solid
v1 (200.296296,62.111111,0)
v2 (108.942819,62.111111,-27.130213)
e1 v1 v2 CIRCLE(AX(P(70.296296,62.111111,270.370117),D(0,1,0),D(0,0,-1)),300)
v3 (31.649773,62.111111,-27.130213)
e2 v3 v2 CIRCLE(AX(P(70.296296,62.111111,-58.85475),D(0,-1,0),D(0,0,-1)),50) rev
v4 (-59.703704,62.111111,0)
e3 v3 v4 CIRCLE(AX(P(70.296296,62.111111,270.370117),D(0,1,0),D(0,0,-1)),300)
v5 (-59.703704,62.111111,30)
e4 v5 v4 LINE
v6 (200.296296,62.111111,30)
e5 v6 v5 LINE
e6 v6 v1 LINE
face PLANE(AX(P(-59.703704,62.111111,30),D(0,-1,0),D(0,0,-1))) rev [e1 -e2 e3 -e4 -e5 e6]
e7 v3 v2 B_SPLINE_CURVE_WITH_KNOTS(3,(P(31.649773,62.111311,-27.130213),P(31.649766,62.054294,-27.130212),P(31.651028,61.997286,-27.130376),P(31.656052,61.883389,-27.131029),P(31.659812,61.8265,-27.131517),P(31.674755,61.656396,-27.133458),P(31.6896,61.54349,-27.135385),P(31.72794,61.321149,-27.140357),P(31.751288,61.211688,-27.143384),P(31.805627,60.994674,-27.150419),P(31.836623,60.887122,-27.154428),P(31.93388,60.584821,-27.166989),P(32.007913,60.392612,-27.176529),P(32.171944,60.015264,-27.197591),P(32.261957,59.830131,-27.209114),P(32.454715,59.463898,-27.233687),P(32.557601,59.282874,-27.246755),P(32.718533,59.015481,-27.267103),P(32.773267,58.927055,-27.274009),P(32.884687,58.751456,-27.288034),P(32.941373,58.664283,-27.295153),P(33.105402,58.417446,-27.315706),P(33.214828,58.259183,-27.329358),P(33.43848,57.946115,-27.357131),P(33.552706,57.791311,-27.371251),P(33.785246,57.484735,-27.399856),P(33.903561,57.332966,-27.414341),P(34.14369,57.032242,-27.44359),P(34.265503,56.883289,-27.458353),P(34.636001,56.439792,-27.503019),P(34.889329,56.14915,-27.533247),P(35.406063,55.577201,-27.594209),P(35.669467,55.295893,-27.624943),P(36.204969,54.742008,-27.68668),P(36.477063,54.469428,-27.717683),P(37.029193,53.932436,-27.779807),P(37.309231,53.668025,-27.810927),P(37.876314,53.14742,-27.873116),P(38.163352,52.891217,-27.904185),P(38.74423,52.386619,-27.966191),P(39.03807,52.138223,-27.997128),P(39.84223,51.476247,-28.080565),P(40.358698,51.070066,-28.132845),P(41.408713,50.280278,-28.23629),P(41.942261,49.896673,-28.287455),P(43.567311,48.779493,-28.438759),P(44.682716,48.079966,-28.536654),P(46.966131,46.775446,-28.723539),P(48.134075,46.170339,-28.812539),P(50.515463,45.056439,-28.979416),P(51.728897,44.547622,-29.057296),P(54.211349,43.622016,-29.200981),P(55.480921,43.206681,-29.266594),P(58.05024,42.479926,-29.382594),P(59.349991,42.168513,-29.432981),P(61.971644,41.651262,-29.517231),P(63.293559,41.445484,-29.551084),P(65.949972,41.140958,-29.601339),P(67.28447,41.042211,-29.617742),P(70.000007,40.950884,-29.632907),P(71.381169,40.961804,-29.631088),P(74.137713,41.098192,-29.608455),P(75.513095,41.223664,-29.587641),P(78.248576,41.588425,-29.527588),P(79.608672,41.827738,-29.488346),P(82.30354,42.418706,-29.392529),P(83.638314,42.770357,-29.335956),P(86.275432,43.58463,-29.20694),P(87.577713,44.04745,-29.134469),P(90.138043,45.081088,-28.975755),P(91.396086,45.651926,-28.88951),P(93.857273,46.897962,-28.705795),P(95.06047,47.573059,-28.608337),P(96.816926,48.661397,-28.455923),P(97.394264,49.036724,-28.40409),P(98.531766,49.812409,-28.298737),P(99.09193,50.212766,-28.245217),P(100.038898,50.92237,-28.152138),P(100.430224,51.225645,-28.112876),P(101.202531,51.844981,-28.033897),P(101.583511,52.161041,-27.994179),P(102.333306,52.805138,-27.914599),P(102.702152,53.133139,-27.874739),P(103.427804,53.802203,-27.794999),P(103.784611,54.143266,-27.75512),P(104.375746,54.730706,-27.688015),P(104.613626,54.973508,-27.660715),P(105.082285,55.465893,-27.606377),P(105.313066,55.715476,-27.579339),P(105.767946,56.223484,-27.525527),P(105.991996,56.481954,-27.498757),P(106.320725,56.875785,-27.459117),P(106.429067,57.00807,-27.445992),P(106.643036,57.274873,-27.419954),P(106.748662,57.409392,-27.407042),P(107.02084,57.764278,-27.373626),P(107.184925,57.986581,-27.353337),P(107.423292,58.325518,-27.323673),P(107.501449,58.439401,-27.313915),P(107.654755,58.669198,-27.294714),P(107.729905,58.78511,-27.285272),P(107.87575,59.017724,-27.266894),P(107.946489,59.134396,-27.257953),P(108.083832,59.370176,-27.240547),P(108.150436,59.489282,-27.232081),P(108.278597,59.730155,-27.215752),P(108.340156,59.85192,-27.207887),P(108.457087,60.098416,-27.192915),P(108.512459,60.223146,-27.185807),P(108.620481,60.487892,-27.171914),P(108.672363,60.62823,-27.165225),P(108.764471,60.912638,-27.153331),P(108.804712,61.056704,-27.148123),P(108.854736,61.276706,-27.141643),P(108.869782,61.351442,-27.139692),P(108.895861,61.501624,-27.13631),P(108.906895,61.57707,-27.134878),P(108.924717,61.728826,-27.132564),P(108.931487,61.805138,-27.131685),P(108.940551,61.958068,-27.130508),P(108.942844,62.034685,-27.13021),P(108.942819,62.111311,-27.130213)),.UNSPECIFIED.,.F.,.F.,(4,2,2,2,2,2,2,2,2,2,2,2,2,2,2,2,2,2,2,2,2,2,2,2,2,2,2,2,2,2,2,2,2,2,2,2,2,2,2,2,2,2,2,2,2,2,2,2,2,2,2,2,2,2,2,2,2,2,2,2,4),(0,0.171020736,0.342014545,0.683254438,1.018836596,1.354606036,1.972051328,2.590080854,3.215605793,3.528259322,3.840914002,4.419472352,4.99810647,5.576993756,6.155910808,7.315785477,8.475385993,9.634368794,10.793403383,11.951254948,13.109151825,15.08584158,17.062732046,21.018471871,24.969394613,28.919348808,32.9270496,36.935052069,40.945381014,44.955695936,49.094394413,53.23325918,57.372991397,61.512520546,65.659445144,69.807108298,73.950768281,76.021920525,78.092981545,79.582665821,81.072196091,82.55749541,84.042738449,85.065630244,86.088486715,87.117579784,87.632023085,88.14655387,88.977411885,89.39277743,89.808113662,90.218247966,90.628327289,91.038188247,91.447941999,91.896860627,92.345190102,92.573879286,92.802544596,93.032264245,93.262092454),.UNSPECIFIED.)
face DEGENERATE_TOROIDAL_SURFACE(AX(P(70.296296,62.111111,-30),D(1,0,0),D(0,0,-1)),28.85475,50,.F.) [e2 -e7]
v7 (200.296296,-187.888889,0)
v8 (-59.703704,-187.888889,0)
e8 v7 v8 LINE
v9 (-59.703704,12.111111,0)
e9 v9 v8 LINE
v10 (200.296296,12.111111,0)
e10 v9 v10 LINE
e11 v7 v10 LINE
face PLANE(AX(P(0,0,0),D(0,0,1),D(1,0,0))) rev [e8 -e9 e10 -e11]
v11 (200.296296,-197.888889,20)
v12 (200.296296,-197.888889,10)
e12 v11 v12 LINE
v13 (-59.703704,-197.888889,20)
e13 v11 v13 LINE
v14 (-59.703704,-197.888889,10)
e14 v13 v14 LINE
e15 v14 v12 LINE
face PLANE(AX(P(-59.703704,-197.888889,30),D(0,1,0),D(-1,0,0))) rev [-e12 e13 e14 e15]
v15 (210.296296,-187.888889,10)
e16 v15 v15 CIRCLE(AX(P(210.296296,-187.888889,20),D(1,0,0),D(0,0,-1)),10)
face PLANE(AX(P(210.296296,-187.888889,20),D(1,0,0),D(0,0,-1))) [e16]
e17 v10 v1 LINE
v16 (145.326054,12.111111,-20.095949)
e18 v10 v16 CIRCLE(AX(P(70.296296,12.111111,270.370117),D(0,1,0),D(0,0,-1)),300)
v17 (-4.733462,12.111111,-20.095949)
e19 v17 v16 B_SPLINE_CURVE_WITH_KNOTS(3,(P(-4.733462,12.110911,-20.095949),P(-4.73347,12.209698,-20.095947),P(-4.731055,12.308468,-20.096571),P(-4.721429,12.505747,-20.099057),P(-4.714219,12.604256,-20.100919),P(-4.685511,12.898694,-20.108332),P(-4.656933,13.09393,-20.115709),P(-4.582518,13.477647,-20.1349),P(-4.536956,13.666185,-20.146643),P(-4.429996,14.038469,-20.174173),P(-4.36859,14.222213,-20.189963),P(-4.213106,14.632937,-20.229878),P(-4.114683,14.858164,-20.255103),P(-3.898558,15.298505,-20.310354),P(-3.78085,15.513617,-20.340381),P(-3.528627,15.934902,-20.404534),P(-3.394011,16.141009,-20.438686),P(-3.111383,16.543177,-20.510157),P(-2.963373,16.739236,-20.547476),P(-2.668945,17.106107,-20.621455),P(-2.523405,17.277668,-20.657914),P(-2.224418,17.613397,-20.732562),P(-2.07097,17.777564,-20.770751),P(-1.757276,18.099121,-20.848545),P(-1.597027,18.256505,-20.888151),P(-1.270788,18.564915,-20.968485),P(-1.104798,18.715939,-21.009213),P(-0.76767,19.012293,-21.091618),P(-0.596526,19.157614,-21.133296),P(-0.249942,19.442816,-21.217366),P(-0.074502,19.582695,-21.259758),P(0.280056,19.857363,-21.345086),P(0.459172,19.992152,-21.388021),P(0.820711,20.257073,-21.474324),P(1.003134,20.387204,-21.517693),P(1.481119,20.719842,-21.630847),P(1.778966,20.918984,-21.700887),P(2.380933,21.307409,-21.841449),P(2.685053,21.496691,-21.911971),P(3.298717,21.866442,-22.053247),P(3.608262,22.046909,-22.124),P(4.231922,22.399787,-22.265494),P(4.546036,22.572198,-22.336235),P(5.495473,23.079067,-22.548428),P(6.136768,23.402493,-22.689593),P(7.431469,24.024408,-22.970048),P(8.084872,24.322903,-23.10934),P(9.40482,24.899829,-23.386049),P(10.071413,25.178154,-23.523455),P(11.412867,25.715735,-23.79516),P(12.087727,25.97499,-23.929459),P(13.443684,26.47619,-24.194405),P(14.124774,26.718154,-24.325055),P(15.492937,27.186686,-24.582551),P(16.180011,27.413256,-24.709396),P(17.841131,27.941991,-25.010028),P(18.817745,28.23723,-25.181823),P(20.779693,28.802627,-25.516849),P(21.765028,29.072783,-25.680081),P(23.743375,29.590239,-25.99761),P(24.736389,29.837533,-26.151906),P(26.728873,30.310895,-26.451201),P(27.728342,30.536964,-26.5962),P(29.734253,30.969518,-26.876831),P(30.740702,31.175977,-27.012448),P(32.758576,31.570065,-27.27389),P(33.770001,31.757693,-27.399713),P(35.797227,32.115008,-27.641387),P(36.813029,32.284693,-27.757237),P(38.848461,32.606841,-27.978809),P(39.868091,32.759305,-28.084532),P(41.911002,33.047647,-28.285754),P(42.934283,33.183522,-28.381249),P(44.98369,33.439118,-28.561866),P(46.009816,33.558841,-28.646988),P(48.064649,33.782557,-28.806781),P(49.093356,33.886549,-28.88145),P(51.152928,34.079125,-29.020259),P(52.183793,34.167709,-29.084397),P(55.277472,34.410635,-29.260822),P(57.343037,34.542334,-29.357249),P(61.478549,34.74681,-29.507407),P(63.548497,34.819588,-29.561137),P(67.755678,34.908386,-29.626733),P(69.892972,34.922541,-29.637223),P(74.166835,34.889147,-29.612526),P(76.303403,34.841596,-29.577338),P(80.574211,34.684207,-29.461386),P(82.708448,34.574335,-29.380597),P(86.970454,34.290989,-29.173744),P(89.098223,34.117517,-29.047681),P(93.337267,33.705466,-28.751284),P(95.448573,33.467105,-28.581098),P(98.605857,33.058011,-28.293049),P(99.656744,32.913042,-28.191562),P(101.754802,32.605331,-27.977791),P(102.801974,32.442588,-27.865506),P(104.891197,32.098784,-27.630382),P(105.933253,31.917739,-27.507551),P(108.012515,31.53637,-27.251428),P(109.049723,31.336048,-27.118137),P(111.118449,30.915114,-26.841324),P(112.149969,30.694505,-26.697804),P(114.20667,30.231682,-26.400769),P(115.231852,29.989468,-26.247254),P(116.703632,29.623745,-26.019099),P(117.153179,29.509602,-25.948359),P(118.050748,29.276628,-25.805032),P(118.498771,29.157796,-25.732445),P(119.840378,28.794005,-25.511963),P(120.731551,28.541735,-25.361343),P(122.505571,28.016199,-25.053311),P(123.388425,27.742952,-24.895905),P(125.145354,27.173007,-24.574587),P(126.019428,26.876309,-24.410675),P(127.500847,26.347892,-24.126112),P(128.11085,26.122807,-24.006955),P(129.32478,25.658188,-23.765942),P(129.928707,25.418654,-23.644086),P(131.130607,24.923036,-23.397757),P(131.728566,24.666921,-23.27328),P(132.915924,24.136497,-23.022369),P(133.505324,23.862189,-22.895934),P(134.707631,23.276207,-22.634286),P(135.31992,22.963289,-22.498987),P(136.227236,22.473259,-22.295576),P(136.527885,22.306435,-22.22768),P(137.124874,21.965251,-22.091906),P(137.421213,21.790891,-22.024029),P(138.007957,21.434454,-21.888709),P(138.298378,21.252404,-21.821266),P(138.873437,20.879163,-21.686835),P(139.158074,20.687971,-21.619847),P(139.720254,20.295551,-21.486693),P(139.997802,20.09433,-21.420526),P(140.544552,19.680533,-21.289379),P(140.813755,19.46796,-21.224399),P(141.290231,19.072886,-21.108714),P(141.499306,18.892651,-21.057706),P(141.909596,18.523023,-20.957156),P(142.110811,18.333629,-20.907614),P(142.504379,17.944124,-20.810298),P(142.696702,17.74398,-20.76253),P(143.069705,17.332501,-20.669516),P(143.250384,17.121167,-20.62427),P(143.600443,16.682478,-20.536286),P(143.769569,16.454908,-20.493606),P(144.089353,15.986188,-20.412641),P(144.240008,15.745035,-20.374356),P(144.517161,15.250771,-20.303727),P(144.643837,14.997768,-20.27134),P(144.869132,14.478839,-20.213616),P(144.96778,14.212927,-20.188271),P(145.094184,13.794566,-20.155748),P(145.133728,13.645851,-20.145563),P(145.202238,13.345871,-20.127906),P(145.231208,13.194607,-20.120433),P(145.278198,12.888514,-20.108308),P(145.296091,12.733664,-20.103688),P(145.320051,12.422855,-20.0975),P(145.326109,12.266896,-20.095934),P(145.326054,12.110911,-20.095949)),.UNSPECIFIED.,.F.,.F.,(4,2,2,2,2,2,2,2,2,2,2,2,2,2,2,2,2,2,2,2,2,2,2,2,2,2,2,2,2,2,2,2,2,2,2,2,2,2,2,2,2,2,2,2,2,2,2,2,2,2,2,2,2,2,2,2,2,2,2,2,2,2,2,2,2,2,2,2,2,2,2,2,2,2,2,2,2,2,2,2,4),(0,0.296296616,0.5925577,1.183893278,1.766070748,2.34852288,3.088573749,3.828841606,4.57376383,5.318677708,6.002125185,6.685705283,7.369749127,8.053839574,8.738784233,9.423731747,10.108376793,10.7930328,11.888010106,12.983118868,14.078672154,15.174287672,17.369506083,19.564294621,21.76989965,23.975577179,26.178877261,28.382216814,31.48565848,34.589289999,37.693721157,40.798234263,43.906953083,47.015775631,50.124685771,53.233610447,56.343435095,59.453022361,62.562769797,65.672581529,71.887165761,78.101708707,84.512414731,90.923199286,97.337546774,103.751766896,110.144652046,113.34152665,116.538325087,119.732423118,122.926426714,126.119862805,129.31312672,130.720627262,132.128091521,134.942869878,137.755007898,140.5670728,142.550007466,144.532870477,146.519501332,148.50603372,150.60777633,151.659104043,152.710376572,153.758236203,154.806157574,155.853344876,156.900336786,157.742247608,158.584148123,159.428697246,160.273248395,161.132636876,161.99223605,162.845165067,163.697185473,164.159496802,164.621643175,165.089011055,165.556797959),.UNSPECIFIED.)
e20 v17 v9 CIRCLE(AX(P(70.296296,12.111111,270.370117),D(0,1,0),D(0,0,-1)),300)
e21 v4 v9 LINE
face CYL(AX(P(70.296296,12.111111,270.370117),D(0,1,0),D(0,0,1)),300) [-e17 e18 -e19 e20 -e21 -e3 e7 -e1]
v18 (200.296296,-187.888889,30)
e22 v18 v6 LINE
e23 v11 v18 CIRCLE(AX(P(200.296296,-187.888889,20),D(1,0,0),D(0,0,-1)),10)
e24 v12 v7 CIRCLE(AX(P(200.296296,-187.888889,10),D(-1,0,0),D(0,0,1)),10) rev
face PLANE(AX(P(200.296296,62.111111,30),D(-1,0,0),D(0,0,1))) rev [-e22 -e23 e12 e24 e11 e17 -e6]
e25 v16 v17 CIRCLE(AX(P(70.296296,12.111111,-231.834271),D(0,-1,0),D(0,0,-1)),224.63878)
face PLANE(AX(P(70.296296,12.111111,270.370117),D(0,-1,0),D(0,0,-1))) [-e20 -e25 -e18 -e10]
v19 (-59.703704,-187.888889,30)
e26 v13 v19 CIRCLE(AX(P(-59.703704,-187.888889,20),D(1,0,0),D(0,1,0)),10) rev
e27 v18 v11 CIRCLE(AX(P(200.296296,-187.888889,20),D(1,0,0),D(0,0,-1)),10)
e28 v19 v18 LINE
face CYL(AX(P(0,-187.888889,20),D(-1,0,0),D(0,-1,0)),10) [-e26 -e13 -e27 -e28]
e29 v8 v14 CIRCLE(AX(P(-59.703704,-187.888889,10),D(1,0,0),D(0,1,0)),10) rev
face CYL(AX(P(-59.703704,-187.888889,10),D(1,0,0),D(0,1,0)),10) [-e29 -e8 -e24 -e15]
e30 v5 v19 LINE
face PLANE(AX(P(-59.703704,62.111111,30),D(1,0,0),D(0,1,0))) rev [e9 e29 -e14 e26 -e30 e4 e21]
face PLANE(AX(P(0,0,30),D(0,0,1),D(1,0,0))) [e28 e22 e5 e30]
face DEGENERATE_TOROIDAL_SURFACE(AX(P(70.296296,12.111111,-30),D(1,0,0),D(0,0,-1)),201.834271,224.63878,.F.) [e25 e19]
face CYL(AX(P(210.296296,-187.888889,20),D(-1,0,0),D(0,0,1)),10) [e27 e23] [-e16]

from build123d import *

# Parameters (mm, degrees)
SKETCH1_W           = 260
SKETCH1_H           = 260
BOSS_EXTRUDE1_DEPTH = 30
SKETCH2_R           = 10
BOSS_EXTRUDE2_DEPTH = 10
BOSS_EXTRUDE3_DEPTH = 50
FILLET1_R           = 10


with BuildPart() as part:
    # Sketch1 → Boss-Extrude1 (new body)
    with BuildSketch(Plane.XY):
        with Locations((70.296296296, -67.888888889)):
            Rectangle(SKETCH1_W, SKETCH1_H)
    extrude(amount=BOSS_EXTRUDE1_DEPTH)

    # Sketch2 → Boss-Extrude2 (add)
    with BuildSketch(Plane(origin=(200.296296296, 0, 0), x_dir=(0, 0, -1), z_dir=(1, 0, 0))):
        with Locations(Location((-20, -187.888888889, 0), (0, 0, 180))):
            Circle(SKETCH2_R)
    extrude(amount=BOSS_EXTRUDE2_DEPTH)

    # Sketch3 → Boss-Extrude3 (add)
    with BuildSketch(Plane(origin=(0, 62.111111111, 0), x_dir=(1, 0, 0), z_dir=(0, 1, 0))):
        with BuildLine():
            Line((-59.703703704, 0), (200.296296296, 0))
            ThreePointArc((200.296296296, 0), (70.296296296, 29.629883308), (-59.703703704, 0))
        make_face()
    extrude(amount=-BOSS_EXTRUDE3_DEPTH)

    # Fillet1
    fillet1_edges = [part.edges().sort_by_distance(p)[0] for p in [
        (70.296296296, -197.888888889, 30),
        (70.296296296, -197.888888889, 0),
    ]]
    fillet(fillet1_edges, radius=FILLET1_R)

    # Sketch5 → Cut-Revolve1 (revolve, cut)
    with BuildSketch(Plane(origin=(0, 0, -30), x_dir=(-1, 0, 0), z_dir=(0, 0, -1))):
        with BuildLine():
            Line((-111.130147267, 62.111111111), (-29.462445326, 62.111111111))
            ThreePointArc((-29.462445326, 62.111111111), (-70.296296296, 83.256360811), (-111.130147267, 62.111111111))
        make_face()
    revolve(axis=Axis((111.130147267, 62.111111111, -30), (-1, 0, 0)), mode=Mode.SUBTRACT)

    # Sketch6 → Cut-Revolve2 (revolve, cut)
    with BuildSketch(Plane(origin=(0, 0, -30), x_dir=(-1, 0, 0), z_dir=(0, 0, -1))):
        with BuildLine():
            Line((-168.914289208, 12.111111111), (28.321696616, 12.111111111))
            ThreePointArc((28.321696616, 12.111111111), (-70.296296296, -10.693397865), (-168.914289208, 12.111111111))
        make_face()
    revolve(axis=Axis((168.914289208, 12.111111111, -30), (-1, 0, 0)), mode=Mode.SUBTRACT)


solid = part.part
